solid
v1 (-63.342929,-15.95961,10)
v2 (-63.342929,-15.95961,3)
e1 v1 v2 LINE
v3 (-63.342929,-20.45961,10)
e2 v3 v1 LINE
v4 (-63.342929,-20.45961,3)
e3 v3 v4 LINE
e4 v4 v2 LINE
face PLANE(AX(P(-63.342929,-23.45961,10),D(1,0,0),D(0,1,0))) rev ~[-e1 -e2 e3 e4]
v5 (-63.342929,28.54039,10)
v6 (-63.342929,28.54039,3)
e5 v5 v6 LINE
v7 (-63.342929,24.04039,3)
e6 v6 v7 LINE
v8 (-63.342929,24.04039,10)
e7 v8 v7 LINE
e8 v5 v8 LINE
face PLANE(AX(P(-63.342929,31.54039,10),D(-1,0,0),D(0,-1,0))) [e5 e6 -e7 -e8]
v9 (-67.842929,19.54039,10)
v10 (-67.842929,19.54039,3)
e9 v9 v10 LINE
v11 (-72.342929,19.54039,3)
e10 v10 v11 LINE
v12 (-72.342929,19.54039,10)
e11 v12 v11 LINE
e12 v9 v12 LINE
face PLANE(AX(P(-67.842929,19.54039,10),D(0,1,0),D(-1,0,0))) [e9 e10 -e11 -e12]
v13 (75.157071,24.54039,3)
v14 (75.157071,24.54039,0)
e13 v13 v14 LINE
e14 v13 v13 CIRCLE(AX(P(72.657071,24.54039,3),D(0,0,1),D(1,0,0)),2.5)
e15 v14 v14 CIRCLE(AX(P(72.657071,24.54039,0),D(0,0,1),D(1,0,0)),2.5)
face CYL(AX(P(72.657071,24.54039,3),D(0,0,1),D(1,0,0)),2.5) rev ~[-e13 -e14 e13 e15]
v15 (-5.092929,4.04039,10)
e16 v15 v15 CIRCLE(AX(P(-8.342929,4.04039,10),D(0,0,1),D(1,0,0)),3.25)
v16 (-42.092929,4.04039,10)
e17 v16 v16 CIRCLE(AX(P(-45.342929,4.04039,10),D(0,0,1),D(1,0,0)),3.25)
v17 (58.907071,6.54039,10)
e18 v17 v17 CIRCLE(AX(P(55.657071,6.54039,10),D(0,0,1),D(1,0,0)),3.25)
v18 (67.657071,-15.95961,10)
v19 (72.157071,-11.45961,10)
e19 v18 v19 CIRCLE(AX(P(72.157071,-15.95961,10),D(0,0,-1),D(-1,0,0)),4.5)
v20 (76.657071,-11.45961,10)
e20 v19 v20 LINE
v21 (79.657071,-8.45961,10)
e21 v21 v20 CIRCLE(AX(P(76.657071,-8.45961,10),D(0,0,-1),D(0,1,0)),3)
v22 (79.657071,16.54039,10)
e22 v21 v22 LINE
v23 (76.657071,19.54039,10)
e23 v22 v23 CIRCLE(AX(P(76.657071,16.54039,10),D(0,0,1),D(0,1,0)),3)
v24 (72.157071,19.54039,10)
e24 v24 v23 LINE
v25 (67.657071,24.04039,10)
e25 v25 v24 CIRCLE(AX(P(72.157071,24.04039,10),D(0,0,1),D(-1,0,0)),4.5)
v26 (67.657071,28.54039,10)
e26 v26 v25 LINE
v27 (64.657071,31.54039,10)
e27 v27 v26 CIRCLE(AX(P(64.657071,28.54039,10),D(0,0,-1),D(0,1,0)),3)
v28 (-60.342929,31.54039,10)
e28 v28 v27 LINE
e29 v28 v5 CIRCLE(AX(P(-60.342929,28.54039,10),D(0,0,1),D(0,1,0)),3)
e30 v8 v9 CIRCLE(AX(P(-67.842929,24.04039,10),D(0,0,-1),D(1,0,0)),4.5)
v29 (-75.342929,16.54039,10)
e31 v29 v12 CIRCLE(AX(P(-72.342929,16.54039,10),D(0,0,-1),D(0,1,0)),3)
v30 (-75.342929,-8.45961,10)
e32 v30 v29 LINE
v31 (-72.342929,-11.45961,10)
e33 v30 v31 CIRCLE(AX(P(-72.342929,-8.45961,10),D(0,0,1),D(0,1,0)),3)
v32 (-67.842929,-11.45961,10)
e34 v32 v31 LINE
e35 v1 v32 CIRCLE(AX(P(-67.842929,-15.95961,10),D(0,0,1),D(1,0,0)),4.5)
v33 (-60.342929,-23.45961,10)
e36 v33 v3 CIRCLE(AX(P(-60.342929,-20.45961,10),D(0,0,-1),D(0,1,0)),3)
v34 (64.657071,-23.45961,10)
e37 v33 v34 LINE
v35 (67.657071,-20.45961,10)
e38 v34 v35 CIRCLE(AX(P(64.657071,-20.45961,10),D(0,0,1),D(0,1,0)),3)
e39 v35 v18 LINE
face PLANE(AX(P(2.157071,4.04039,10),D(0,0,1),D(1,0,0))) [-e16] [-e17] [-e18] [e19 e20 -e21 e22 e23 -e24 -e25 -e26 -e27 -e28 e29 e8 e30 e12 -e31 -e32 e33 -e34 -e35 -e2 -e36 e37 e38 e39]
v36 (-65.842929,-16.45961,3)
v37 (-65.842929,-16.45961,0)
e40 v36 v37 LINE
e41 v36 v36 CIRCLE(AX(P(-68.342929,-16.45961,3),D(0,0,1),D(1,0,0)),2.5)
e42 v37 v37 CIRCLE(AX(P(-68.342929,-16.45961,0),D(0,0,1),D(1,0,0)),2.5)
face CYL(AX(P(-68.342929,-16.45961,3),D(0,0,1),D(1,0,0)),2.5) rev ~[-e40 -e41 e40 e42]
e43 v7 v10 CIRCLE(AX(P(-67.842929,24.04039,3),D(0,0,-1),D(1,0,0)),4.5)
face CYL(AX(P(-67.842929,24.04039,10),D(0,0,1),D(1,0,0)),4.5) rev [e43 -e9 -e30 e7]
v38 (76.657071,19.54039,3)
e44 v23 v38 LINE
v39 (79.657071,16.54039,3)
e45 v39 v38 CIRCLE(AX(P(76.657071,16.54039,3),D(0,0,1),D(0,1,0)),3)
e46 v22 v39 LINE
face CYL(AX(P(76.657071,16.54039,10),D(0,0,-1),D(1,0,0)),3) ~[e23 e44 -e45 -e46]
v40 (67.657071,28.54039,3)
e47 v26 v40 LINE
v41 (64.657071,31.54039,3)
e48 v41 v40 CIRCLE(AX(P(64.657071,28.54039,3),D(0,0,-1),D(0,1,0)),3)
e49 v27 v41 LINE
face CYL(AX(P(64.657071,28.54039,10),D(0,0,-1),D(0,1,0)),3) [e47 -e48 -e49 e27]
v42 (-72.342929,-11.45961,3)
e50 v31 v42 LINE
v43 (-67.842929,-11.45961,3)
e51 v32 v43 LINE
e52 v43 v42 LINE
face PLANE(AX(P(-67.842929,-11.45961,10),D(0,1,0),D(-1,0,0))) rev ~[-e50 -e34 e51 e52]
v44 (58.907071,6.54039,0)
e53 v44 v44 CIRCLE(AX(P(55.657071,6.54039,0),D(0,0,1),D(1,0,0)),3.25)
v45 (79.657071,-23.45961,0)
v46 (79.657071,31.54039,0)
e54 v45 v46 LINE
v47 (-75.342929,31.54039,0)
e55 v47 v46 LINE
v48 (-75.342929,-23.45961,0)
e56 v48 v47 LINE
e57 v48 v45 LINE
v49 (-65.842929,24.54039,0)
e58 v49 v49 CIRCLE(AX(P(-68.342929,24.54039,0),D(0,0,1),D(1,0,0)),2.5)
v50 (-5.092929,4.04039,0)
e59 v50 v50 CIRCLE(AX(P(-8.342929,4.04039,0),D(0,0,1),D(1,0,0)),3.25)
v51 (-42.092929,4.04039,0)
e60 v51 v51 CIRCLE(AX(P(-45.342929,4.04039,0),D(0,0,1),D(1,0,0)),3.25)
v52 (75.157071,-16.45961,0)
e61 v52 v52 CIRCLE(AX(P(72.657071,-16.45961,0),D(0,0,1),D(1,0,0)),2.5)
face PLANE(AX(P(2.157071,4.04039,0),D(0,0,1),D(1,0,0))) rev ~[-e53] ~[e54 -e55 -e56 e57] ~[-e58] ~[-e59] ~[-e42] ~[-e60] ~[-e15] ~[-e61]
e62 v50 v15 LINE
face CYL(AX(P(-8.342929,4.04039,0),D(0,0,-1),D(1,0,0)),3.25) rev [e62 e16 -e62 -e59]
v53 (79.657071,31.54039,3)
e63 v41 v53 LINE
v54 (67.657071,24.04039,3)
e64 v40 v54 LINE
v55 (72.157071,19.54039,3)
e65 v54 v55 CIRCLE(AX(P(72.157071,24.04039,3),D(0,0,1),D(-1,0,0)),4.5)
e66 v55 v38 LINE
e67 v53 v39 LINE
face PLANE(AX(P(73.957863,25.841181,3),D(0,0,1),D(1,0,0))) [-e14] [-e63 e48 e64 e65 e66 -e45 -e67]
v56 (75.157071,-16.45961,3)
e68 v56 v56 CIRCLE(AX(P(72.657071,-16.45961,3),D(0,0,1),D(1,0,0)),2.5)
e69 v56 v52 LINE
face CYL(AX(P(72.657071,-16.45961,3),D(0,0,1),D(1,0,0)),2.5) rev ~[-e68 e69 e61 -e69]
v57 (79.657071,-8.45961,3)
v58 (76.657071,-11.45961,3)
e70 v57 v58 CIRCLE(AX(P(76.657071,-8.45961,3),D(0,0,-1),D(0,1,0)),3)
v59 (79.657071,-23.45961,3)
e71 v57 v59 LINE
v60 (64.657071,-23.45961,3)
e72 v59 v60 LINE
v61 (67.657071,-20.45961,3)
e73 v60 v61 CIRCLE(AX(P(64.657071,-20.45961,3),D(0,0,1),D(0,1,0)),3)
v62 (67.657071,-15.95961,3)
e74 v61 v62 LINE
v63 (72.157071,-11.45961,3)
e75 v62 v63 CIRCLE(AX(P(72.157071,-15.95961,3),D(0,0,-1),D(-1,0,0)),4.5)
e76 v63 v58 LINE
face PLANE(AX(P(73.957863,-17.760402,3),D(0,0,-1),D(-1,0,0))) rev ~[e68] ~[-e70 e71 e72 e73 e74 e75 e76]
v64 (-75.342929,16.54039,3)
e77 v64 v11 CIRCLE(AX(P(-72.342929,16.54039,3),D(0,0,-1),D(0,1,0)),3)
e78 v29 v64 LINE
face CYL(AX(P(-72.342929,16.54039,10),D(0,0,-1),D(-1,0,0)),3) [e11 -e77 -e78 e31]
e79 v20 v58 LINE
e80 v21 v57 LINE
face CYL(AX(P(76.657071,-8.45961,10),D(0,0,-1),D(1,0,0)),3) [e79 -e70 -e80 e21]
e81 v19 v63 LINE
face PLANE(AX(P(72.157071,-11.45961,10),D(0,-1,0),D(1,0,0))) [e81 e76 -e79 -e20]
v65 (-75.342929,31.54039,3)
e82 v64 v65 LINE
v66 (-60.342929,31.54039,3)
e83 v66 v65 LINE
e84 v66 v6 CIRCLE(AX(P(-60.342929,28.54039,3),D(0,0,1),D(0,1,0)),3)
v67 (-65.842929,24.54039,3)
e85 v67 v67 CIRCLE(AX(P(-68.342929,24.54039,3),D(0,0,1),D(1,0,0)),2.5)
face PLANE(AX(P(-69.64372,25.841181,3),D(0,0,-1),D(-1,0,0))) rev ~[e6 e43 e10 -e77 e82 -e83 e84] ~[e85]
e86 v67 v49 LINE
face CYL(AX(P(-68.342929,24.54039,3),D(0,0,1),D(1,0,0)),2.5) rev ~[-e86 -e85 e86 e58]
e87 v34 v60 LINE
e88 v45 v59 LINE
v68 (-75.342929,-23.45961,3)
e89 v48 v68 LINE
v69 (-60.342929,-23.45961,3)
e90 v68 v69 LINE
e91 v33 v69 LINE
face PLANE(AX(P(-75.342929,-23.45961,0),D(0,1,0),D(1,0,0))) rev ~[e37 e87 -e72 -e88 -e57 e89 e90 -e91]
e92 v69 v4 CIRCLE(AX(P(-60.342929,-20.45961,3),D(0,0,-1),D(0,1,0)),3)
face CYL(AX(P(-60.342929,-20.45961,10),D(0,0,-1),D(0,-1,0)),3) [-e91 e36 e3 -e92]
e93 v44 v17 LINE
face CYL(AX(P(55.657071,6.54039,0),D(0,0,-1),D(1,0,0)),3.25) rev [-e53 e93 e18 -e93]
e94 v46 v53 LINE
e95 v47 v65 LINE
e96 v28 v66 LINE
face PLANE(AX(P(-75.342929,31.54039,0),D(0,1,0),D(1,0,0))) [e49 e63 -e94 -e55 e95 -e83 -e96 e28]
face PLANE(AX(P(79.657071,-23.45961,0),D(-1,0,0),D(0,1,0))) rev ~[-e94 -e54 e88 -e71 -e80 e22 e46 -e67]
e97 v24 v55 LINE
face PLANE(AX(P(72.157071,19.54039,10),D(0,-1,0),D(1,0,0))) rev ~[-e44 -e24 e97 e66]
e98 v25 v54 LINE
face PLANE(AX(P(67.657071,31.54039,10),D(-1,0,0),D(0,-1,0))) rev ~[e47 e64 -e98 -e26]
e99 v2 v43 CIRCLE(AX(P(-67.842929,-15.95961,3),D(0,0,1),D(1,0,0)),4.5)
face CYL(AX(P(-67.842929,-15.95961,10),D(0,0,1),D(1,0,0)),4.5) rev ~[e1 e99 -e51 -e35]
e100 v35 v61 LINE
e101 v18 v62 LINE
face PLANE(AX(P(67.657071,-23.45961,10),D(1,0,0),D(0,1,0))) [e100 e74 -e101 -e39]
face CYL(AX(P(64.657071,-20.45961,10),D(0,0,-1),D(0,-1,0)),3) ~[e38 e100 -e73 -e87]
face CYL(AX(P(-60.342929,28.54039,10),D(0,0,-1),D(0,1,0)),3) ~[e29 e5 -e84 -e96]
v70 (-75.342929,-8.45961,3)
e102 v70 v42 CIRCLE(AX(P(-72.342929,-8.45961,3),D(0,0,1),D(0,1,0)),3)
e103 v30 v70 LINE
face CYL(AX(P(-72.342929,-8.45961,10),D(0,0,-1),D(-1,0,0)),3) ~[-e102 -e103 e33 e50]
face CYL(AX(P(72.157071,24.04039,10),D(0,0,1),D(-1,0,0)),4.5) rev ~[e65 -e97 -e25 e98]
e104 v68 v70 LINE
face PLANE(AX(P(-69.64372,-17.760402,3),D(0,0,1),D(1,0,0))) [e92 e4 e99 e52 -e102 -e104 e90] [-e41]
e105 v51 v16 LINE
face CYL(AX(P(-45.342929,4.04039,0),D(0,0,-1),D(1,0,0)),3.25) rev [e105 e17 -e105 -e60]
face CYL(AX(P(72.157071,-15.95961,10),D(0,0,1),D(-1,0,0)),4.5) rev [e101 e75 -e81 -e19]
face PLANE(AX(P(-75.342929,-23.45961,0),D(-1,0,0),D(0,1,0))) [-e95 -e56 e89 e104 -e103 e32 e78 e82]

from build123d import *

# Parameters (mm, degrees)
SKETCH1_W           = 155
SKETCH1_H           = 55
SKETCH1_R           = 3.25
BOSS_EXTRUDE1_DEPTH = 10
CUT_EXTRUDE1_DEPTH  = 7
SKETCH3_R           = 2.5
CUT_EXTRUDE2_DEPTH  = 10
FILLET1_R           = 3


with BuildPart() as part:
    # Sketch1 → Boss-Extrude1 (new body)
    with BuildSketch(Plane.XY):
        with Locations((2.15707133, 4.04038984)):
            Rectangle(SKETCH1_W, SKETCH1_H)
        with Locations((-45.34292867, 4.04038984)):
            Circle(SKETCH1_R, mode=Mode.SUBTRACT)
        with Locations((-8.34292867, 4.04038984)):
            Circle(SKETCH1_R, mode=Mode.SUBTRACT)
        with Locations((55.65707133, 6.54038984)):
            Circle(SKETCH1_R, mode=Mode.SUBTRACT)
    extrude(amount=BOSS_EXTRUDE1_DEPTH)

    # Sketch2 → Cut-Extrude1 (cut)
    with BuildSketch(Plane.XY.offset(10)):
        with BuildLine():
            Line((-75.34292867, 31.54038984), (-63.34292867, 31.54038984))
            Line((-63.34292867, 31.54038984), (-63.34292867, 24.04038984))
            ThreePointArc((-63.34292867, 24.04038984), (-64.660948155, 20.858409325), (-67.84292867, 19.54038984))
            Line((-67.84292867, 19.54038984), (-75.34292867, 19.54038984))
            Line((-75.34292867, 19.54038984), (-75.34292867, 31.54038984))
        make_face()
        with BuildLine():
            Line((-75.34292867, -23.45961016), (-63.34292867, -23.45961016))
            Line((-63.34292867, -23.45961016), (-63.34292867, -15.95961016))
            ThreePointArc((-63.34292867, -15.95961016), (-64.660948155, -12.777629645), (-67.84292867, -11.45961016))
            Line((-67.84292867, -11.45961016), (-75.34292867, -11.45961016))
            Line((-75.34292867, -11.45961016), (-75.34292867, -23.45961016))
        make_face()
        with BuildLine():
            Line((79.65707133, -23.45961016), (67.65707133, -23.45961016))
            Line((67.65707133, -23.45961016), (67.65707133, -15.95961016))
            ThreePointArc((67.65707133, -15.95961016), (68.975090815, -12.777629645), (72.15707133, -11.45961016))
            Line((72.15707133, -11.45961016), (79.65707133, -11.45961016))
            Line((79.65707133, -11.45961016), (79.65707133, -23.45961016))
        make_face()
        with BuildLine():
            Line((79.65707133, 31.54038984), (67.65707133, 31.54038984))
            Line((67.65707133, 31.54038984), (67.65707133, 24.04038984))
            ThreePointArc((67.65707133, 24.04038984), (68.975090815, 20.858409325), (72.15707133, 19.54038984))
            Line((72.15707133, 19.54038984), (79.65707133, 19.54038984))
            Line((79.65707133, 19.54038984), (79.65707133, 31.54038984))
        make_face()
    extrude(amount=-CUT_EXTRUDE1_DEPTH, mode=Mode.SUBTRACT)

    # Sketch3 → Cut-Extrude2 (cut)
    with BuildSketch(Plane.XY.offset(3)):
        with Locations((-68.34292867, -16.45961016)):
            Circle(SKETCH3_R)
        with Locations((72.65707133, -16.45961016)):
            Circle(SKETCH3_R)
        with Locations((72.65707133, 24.54038984)):
            Circle(SKETCH3_R)
        with Locations((-68.34292867, 24.54038984)):
            Circle(SKETCH3_R)
    extrude(amount=-CUT_EXTRUDE2_DEPTH, mode=Mode.SUBTRACT)

    # Fillet1
    fillet1_edges = [part.edges().sort_by_distance(p)[0] for p in [
        (79.65707133, 19.54038984, 6.5),
        (67.65707133, 31.54038984, 6.5),
        (79.65707133, -11.45961016, 6.5),
        (67.65707133, -23.45961016, 6.5),
        (-75.34292867, -11.45961016, 6.5),
        (-63.34292867, -23.45961016, 6.5),
        (-75.34292867, 19.54038984, 6.5),
        (-63.34292867, 31.54038984, 6.5),
    ]]
    fillet(fillet1_edges, radius=FILLET1_R)


solid = part.part
